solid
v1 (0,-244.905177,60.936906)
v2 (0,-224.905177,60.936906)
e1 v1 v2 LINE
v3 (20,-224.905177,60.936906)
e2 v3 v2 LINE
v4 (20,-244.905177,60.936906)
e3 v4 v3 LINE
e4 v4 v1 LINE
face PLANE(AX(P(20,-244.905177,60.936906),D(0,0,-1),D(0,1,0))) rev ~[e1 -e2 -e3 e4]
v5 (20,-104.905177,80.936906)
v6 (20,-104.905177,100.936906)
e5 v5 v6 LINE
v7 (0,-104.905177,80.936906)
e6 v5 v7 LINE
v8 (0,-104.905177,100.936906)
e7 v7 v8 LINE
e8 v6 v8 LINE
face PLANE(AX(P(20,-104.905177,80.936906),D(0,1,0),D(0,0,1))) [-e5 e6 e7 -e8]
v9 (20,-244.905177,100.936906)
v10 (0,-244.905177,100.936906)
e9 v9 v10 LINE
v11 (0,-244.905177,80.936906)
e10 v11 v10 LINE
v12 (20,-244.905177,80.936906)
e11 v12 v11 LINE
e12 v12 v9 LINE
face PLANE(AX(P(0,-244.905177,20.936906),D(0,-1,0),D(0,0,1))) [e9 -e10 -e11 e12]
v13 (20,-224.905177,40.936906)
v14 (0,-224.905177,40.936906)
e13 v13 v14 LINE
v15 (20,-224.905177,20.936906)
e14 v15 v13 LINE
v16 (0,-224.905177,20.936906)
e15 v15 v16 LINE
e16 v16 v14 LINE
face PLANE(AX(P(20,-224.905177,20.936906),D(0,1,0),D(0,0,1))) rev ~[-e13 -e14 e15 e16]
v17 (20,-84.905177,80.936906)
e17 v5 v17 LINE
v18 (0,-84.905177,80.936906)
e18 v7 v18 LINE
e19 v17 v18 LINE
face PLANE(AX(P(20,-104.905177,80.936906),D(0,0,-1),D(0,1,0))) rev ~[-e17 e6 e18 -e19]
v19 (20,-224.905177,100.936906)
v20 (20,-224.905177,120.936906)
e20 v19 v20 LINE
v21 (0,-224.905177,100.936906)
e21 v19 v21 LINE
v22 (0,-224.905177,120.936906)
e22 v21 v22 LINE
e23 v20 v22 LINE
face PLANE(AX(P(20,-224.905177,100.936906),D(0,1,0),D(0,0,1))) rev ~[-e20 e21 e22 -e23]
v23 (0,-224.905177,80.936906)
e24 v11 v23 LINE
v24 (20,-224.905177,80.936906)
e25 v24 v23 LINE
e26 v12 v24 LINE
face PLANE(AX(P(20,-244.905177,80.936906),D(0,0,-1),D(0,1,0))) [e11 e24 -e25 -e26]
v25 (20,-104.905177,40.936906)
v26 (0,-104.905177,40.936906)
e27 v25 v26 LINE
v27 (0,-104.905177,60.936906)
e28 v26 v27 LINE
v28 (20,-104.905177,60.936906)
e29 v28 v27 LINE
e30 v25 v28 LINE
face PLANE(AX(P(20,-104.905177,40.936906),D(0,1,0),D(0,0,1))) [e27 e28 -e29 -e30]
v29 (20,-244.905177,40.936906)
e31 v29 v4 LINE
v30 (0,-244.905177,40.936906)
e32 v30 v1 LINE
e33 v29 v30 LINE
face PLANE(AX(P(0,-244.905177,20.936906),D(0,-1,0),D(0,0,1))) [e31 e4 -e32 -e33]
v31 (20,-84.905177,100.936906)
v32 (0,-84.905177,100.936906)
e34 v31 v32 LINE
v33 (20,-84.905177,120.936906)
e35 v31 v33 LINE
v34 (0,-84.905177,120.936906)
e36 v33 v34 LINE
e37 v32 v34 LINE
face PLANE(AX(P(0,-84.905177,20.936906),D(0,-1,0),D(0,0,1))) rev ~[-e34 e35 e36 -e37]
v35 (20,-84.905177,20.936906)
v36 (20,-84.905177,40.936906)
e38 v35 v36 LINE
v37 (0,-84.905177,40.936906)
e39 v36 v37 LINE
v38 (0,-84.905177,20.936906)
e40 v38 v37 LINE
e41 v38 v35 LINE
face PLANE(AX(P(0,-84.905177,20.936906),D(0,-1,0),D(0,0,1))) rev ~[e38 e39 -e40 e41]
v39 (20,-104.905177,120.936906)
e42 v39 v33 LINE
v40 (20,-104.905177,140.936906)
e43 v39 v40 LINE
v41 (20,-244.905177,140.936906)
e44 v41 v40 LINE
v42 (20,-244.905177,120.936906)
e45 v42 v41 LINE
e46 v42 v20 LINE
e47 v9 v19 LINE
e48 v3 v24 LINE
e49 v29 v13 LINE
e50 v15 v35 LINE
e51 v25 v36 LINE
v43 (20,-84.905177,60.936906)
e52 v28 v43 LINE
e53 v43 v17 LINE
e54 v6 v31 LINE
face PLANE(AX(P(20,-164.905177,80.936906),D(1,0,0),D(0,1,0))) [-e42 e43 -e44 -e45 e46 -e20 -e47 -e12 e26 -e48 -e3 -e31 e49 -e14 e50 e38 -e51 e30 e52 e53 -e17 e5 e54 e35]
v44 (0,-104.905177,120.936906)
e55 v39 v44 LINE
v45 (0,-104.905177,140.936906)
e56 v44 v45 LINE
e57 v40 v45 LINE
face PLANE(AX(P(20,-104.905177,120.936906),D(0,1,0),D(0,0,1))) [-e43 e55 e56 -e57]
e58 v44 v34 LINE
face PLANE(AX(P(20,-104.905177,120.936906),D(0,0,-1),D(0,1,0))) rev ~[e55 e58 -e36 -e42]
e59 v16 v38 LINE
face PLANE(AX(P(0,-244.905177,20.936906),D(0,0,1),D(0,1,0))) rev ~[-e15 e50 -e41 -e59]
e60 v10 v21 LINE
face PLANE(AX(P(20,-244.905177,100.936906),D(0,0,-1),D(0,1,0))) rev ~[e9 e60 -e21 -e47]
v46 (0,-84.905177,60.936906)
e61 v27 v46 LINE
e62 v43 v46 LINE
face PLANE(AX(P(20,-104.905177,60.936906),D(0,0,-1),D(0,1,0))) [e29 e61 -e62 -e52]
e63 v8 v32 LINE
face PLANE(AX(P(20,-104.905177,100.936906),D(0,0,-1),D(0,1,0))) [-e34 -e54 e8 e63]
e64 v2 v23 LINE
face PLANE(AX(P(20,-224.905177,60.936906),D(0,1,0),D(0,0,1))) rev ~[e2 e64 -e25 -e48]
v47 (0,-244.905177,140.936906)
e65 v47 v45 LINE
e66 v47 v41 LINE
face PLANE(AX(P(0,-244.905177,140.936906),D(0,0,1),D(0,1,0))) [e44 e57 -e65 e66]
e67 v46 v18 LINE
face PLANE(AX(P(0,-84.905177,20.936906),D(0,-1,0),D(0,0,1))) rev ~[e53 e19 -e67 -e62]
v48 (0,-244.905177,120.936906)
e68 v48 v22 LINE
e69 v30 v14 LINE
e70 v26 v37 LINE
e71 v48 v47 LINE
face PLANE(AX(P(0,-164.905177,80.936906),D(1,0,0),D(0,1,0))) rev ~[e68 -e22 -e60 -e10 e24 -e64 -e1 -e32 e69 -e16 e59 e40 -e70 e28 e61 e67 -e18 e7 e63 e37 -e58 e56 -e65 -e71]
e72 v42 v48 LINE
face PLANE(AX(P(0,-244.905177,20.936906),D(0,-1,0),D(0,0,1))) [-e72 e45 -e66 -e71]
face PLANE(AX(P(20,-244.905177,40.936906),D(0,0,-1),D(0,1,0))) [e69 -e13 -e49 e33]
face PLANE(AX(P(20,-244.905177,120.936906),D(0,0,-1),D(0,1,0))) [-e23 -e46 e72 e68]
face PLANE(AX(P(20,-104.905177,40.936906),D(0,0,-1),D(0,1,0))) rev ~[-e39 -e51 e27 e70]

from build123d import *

# Parameters (mm, degrees)
F0_W      = 160
F0_H      = 120
F1_DEPTH  = 20
F2_W      = 20
F2_H      = 20
F3_DEPTH  = 20
F4_W      = 20
F4_H      = 20
F5_DEPTH  = 20
F6_W      = 20
F6_H      = 20
F7_DEPTH  = 20
F8_W      = 20
F8_H      = 20
F9_DEPTH  = 20
F10_W     = 20
F10_H     = 20
F11_DEPTH = 20
F12_W     = 20
F12_H     = 20
F13_DEPTH = 20


with BuildPart() as f1:
    # F0 (on Right) → F1 (new body)
    with BuildSketch(Plane.YZ):
        with Locations((-164.905177, 80.936906)):
            Rectangle(F0_W, F0_H)
    extrude(amount=F1_DEPTH)

    # F2 (on face) → F3 (cut)
    with BuildSketch(Plane.YZ.offset(20)):
        with Locations((-234.905177, 110.936906)):
            Rectangle(F2_W, F2_H)
    extrude(amount=-F3_DEPTH, mode=Mode.SUBTRACT)

    # F4 (on face) → F5 (cut)
    with BuildSketch(Plane.YZ.offset(20)):
        with Locations((-234.905177, 70.936906)):
            Rectangle(F4_W, F4_H)
    extrude(amount=-F5_DEPTH, mode=Mode.SUBTRACT)

    # F6 (on face) → F7 (cut)
    with BuildSketch(Plane.YZ.offset(20)):
        with Locations((-234.905177, 30.936906)):
            Rectangle(F6_W, F6_H)
    extrude(amount=-F7_DEPTH, mode=Mode.SUBTRACT)

    # F8 (on face) → F9 (cut)
    with BuildSketch(Plane.YZ.offset(20)):
        with Locations((-94.905177, 130.936906)):
            Rectangle(F8_W, F8_H)
    extrude(amount=-F9_DEPTH, mode=Mode.SUBTRACT)

    # F10 (on face) → F11 (cut)
    with BuildSketch(Plane.YZ.offset(20)):
        with Locations((-94.905177, 90.936906)):
            Rectangle(F10_W, F10_H)
    extrude(amount=-F11_DEPTH, mode=Mode.SUBTRACT)

    # F12 (on face) → F13 (cut)
    with BuildSketch(Plane.YZ.offset(20)):
        with Locations((-94.905177, 50.936906)):
            Rectangle(F12_W, F12_H)
    extrude(amount=-F13_DEPTH, mode=Mode.SUBTRACT)


solid = f1.part
